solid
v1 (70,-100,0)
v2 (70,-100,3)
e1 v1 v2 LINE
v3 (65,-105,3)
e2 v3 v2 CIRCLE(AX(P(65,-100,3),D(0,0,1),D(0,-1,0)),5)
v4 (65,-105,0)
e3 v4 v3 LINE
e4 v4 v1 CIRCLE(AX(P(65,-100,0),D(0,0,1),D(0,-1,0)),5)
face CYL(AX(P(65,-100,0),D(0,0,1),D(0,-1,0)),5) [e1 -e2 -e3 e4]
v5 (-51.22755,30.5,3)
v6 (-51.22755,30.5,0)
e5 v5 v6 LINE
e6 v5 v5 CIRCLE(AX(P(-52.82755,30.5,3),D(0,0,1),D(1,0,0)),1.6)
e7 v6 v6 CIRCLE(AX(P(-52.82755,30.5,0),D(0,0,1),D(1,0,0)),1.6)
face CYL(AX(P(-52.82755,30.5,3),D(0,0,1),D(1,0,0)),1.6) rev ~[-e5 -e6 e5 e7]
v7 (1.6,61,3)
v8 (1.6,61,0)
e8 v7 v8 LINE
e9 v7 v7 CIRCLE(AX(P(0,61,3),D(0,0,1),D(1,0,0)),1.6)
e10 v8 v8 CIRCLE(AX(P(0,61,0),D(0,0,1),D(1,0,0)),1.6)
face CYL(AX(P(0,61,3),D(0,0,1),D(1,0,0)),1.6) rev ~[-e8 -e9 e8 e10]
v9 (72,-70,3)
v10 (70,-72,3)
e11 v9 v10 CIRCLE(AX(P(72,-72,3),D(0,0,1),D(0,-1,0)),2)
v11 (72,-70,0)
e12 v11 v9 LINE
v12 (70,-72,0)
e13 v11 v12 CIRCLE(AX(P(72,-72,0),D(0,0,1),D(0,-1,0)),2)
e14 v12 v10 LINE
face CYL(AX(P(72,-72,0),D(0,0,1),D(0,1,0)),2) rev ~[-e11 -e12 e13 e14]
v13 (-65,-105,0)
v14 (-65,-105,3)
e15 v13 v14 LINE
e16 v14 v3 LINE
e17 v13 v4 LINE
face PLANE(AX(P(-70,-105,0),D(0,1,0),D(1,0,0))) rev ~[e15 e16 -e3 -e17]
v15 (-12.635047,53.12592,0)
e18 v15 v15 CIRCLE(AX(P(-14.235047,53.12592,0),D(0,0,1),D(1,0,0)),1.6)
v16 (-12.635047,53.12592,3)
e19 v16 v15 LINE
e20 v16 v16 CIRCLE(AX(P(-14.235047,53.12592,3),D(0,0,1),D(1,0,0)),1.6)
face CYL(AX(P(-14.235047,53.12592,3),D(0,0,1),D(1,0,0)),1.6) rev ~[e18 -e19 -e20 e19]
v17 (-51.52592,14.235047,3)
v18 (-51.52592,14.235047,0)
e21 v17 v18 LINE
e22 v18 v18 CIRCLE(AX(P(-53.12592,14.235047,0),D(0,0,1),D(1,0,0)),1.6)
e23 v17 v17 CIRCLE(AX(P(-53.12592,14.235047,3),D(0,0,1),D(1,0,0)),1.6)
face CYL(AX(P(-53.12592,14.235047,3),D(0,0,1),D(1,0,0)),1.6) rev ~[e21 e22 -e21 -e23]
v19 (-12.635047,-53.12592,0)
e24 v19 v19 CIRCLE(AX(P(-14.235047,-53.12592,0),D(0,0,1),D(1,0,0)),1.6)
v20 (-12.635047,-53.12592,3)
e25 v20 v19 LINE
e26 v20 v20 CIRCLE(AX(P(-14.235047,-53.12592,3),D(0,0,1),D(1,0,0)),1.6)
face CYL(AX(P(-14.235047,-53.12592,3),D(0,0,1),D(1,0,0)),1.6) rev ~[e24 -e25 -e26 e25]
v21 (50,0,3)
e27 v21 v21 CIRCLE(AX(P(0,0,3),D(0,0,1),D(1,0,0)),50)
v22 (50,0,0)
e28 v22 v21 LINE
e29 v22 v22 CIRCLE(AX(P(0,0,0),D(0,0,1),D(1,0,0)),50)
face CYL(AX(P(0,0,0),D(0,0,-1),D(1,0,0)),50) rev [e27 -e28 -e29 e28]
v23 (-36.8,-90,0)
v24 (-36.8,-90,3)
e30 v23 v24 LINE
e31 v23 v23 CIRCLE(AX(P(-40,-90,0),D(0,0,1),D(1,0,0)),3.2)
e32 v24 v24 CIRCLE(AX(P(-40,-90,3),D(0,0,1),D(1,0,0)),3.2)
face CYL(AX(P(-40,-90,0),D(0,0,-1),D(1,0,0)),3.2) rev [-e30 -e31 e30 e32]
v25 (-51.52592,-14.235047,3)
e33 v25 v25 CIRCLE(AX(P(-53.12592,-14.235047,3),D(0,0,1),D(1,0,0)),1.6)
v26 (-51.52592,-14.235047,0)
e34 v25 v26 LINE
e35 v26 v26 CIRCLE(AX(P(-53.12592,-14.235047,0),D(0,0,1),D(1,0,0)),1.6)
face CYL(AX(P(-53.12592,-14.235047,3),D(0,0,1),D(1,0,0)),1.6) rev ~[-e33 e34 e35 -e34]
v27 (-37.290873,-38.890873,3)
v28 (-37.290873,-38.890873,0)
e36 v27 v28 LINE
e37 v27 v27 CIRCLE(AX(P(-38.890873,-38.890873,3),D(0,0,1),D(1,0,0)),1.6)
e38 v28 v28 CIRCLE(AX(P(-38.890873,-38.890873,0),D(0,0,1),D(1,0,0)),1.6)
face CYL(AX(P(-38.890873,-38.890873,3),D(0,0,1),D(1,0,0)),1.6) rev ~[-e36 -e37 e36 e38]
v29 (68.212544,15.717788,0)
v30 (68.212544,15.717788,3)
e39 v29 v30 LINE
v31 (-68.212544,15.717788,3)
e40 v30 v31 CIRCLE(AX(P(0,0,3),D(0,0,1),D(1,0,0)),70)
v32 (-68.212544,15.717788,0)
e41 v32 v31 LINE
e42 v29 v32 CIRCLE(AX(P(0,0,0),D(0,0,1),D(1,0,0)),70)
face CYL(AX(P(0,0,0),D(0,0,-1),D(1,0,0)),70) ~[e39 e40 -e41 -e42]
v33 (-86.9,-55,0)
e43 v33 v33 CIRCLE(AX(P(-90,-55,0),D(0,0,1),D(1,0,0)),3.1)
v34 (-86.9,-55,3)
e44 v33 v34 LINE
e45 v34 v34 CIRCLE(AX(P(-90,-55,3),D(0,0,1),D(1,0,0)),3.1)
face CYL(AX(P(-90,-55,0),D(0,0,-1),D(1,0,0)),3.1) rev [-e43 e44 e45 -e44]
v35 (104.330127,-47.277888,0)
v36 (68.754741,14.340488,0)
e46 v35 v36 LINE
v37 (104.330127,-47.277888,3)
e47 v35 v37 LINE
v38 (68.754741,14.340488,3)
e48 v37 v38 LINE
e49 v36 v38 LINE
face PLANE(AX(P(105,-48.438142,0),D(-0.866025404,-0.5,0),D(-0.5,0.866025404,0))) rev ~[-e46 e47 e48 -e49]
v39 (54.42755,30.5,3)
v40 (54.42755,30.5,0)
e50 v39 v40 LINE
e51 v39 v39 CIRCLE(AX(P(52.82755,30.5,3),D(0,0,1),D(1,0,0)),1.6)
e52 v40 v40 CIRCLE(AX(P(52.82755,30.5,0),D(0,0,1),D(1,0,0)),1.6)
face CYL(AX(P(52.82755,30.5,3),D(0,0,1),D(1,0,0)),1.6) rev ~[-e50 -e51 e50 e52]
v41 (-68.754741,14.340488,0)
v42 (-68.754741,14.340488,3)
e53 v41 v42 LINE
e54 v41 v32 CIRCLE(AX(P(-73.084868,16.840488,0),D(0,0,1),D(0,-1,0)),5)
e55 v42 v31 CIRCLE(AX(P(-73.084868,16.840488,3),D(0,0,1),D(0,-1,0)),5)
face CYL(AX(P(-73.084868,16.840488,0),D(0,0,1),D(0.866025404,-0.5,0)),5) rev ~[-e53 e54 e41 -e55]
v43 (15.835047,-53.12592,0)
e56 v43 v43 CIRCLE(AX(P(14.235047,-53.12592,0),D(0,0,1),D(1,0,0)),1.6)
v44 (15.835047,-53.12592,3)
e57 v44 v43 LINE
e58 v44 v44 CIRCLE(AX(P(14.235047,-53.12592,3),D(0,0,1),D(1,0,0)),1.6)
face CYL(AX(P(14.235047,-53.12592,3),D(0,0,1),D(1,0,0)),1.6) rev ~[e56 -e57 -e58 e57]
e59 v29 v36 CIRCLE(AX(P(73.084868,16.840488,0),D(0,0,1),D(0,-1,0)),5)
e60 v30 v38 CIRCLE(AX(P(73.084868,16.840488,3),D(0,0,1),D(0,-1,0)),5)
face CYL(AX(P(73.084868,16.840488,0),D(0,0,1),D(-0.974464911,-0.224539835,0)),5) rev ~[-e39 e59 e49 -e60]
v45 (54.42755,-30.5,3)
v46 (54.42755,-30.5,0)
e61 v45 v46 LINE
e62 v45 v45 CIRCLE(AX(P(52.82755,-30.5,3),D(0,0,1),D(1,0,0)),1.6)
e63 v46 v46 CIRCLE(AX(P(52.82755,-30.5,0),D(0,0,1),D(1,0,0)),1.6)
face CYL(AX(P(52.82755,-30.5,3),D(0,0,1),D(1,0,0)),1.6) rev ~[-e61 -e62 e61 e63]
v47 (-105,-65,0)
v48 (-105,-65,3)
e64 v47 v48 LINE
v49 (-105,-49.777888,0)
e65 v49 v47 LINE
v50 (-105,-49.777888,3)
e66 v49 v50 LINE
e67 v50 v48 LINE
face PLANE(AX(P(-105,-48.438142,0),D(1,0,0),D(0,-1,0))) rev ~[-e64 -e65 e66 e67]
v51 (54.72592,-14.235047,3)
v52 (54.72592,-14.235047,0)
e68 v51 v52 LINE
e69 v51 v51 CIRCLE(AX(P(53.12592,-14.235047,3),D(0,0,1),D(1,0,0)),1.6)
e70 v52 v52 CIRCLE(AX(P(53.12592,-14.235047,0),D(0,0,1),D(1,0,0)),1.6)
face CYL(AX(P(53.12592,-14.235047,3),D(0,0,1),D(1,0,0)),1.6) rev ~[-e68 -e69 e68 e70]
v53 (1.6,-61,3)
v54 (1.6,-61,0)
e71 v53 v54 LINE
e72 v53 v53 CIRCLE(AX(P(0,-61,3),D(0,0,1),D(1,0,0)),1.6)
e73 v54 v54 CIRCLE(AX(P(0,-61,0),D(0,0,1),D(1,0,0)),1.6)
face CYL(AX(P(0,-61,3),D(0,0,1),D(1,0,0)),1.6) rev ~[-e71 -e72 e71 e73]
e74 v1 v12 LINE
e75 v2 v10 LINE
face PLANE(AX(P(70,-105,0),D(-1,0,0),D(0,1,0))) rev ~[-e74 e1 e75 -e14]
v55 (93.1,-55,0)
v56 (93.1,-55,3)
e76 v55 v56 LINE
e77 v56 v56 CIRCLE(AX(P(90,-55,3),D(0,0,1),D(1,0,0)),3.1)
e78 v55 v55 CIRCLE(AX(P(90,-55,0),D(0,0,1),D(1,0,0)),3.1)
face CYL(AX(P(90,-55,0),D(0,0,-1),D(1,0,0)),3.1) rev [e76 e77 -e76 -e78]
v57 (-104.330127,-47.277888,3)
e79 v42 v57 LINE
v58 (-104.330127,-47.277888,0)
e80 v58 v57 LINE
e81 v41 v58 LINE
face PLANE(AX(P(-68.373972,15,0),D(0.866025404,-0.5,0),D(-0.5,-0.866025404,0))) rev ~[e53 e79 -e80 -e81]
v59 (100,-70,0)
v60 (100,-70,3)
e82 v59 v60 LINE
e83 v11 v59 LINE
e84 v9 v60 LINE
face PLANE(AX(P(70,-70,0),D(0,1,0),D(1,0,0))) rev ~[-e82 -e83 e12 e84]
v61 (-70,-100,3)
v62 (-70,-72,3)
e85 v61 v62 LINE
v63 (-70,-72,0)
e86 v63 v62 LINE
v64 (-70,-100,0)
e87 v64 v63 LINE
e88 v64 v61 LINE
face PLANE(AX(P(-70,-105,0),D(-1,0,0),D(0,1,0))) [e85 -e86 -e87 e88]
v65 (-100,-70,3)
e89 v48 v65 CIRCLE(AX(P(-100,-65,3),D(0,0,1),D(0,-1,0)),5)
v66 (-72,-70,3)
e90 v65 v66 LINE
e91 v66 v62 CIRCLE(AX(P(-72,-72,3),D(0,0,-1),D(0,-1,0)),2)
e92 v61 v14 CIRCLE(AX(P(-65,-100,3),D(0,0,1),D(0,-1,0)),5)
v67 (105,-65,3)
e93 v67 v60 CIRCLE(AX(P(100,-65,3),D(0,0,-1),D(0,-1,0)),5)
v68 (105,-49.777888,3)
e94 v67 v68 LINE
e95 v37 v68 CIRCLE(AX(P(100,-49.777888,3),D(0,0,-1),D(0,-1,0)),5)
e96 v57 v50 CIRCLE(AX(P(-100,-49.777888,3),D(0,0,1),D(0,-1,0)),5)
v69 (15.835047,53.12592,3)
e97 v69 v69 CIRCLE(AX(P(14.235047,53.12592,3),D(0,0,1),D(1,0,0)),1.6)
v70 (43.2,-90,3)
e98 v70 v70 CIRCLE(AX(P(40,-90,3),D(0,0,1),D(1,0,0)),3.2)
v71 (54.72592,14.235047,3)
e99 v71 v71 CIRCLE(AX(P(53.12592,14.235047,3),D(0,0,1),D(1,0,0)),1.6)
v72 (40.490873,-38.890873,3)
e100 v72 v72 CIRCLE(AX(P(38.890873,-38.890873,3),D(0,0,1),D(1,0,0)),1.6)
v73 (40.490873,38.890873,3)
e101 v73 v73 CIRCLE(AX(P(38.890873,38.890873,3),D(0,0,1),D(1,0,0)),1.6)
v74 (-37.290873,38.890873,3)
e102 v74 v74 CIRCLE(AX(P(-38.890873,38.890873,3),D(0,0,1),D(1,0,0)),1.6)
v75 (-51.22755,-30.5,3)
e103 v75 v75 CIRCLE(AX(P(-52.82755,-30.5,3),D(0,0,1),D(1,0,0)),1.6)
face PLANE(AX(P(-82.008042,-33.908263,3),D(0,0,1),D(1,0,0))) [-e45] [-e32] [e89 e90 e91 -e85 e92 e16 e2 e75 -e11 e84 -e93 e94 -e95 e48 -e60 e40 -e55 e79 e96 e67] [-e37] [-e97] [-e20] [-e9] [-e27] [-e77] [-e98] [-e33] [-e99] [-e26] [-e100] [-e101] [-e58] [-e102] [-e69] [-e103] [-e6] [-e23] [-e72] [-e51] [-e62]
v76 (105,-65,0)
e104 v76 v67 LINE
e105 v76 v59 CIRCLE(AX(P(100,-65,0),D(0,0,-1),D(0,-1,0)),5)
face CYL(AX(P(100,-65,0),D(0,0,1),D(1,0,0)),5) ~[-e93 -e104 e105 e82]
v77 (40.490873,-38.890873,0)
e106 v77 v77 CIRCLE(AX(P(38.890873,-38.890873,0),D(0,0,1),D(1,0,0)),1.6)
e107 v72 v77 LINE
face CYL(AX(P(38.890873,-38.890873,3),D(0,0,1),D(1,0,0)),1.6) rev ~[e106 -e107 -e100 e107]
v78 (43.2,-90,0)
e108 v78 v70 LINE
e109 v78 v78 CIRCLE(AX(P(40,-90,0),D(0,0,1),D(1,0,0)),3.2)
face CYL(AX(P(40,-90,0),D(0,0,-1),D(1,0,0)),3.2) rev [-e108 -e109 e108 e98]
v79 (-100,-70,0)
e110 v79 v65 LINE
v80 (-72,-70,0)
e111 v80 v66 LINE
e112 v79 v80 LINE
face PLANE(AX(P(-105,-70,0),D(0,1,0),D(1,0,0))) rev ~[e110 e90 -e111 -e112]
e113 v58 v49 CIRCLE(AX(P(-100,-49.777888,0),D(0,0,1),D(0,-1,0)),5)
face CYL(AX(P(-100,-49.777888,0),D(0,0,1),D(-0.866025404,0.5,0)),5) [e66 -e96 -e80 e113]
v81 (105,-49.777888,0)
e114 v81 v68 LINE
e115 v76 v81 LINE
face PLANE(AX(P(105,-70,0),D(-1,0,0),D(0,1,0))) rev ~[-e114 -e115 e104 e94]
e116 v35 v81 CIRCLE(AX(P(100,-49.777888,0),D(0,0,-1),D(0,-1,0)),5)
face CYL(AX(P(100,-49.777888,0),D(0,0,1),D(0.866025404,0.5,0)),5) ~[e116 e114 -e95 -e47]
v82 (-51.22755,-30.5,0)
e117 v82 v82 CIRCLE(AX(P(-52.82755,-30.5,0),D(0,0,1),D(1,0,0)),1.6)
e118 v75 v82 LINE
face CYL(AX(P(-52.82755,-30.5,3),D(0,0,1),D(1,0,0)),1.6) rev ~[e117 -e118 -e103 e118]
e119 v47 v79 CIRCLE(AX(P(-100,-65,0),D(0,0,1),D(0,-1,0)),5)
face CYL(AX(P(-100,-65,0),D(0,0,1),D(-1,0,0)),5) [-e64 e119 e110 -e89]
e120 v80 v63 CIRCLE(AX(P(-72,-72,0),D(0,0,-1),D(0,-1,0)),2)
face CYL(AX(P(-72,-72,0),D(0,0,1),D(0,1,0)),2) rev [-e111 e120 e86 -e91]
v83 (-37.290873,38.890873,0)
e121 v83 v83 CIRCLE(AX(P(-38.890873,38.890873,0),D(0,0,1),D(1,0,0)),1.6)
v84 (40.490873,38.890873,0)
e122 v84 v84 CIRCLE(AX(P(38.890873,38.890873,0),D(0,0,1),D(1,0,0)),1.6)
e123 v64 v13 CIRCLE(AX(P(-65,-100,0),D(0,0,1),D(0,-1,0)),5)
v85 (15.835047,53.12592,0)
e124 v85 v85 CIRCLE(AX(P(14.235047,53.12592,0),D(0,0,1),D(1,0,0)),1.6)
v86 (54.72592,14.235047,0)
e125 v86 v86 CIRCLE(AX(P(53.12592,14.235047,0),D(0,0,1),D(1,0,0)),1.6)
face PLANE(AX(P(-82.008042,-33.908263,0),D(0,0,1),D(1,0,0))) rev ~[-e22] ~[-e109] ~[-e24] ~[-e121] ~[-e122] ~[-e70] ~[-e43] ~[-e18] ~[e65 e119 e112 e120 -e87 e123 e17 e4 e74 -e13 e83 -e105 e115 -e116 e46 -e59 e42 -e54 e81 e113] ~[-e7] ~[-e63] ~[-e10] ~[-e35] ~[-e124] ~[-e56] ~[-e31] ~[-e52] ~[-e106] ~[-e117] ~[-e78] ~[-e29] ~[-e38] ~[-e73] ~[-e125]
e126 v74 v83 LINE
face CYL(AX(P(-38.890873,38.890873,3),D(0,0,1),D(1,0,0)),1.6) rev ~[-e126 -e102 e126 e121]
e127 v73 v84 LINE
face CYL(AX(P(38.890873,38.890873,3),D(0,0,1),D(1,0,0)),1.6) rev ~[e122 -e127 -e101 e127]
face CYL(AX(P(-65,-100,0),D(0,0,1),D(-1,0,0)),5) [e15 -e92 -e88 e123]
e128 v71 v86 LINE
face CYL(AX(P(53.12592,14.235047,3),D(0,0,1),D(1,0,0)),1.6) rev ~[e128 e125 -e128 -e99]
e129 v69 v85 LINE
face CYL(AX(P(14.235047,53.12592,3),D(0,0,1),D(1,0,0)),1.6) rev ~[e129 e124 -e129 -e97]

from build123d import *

# Parameters (mm, degrees)
SKETCH1_R           = 50
BOSS_EXTRUDE1_DEPTH = 3
SKETCH2_R           = 1.6
CUT_EXTRUDE1_DEPTH  = 100.040395799
SKETCH3_R           = 1.6
CUT_EXTRUDE2_DEPTH  = 100.040395799
BOSS_EXTRUDE2_START = -3
SKETCH4_R           = 3.1
SKETCH4_W           = 140
SKETCH4_H           = 35
SKETCH4_R_2         = 3.2
BOSS_EXTRUDE2_DEPTH = 3
FILLET1_R           = 5
FILLET2_R           = 2


with BuildPart() as part:
    # Sketch1 → Boss-Extrude1 (new body)
    with BuildSketch(Plane.XY):
        with BuildLine():
            Line((-70, 0), (-70, -70))
            Line((-70, -70), (70, -70))
            Line((70, -70), (70, 0))
            ThreePointArc((70, 0), (0, 70), (-70, 0))
        make_face()
        Circle(SKETCH1_R, mode=Mode.SUBTRACT)
    extrude(amount=BOSS_EXTRUDE1_DEPTH)

    # Sketch2 → Cut-Extrude1 (cut, through all)
    with BuildSketch(Plane.XY.offset(3)):
        with Locations((0, 61)):
            Circle(SKETCH2_R)
        with Locations((52.827549631, 30.5)):
            Circle(SKETCH2_R)
        with Locations((52.827549631, -30.5)):
            Circle(SKETCH2_R)
        with Locations((0, -61)):
            Circle(SKETCH2_R)
        with Locations((-52.827549631, -30.5)):
            Circle(SKETCH2_R)
        with Locations((-52.827549631, 30.5)):
            Circle(SKETCH2_R)
    extrude(amount=-CUT_EXTRUDE1_DEPTH, mode=Mode.SUBTRACT)

    # Sketch3 → Cut-Extrude2 (cut, through all)
    with BuildSketch(Plane.XY.offset(3)):
        with Locations((14.235047481, 53.125920446)):
            Circle(SKETCH3_R)
        with Locations((38.890872965, 38.890872965)):
            Circle(SKETCH3_R)
        with Locations((53.125920446, 14.235047481)):
            Circle(SKETCH3_R)
        with Locations((53.125920446, -14.235047481)):
            Circle(SKETCH3_R)
        with Locations((38.890872965, -38.890872965)):
            Circle(SKETCH3_R)
        with Locations((14.235047481, -53.125920446)):
            Circle(SKETCH3_R)
        with Locations((-14.235047481, -53.125920446)):
            Circle(SKETCH3_R)
        with Locations((-38.890872965, -38.890872965)):
            Circle(SKETCH3_R)
        with Locations((-53.125920446, -14.235047481)):
            Circle(SKETCH3_R)
        with Locations((-53.125920446, 14.235047481)):
            Circle(SKETCH3_R)
        with Locations((-38.890872965, 38.890872965)):
            Circle(SKETCH3_R)
        with Locations((-14.235047481, 53.125920446)):
            Circle(SKETCH3_R)
    extrude(amount=-CUT_EXTRUDE2_DEPTH, mode=Mode.SUBTRACT)

    # Sketch4 → Boss-Extrude2 (add)
    # profile 1 of 3: a face of its own
    with BuildSketch(Plane.XY.offset(3).offset(BOSS_EXTRUDE2_START)):
        with BuildLine():
            ThreePointArc((-70, 0), (-69.592305666, 7.543937436), (-68.373971656, 15))
            Line((-68.373971656, 15), (-105, -48.438141971))
            Line((-105, -48.438141971), (-105, -70))
            Line((-105, -70), (-70, -70))
            Line((-70, -70), (-70, 0))
        make_face()
        with Locations((-90, -55)):
            Circle(SKETCH4_R, mode=Mode.SUBTRACT)
    # profile 2 of 3: a face of its own
    with BuildSketch(Plane.XY.offset(3).offset(BOSS_EXTRUDE2_START)):
        with BuildLine():
            Line((105, -48.438141971), (68.373971656, 15))
            ThreePointArc((68.373971656, 15), (69.592305666, 7.543937436), (70, 0))
            Line((70, 0), (70, -70))
            Line((70, -70), (105, -70))
            Line((105, -70), (105, -48.438141971))
        make_face()
        with Locations((90, -55)):
            Circle(SKETCH4_R, mode=Mode.SUBTRACT)
    # profile 3 of 3: a face of its own
    with BuildSketch(Plane.XY.offset(3).offset(BOSS_EXTRUDE2_START)):
        with Locations((0, -87.5)):
            Rectangle(SKETCH4_W, SKETCH4_H)
        with Locations((-40, -90)):
            Circle(SKETCH4_R_2, mode=Mode.SUBTRACT)
        with Locations((40, -90)):
            Circle(SKETCH4_R_2, mode=Mode.SUBTRACT)
    extrude(amount=BOSS_EXTRUDE2_DEPTH)

    # Fillet1
    fillet1_edges = [part.edges().sort_by_distance(p)[0] for p in [
        (-105, -70, 1.5),
        (-105, -48.438141971, 1.5),
        (-68.373971656, 15, 1.5),
        (68.373971656, 15, 1.5),
        (105, -48.438141971, 1.5),
        (105, -70, 1.5),
        (-70, -105, 1.5),
        (70, -105, 1.5),
    ]]
    fillet(fillet1_edges, radius=FILLET1_R)

    # Fillet2
    fillet2_edges = [part.edges().sort_by_distance(p)[0] for p in [
        (-70, -70, 1.5),
        (70, -70, 1.5),
    ]]
    fillet(fillet2_edges, radius=FILLET2_R)


solid = part.part
